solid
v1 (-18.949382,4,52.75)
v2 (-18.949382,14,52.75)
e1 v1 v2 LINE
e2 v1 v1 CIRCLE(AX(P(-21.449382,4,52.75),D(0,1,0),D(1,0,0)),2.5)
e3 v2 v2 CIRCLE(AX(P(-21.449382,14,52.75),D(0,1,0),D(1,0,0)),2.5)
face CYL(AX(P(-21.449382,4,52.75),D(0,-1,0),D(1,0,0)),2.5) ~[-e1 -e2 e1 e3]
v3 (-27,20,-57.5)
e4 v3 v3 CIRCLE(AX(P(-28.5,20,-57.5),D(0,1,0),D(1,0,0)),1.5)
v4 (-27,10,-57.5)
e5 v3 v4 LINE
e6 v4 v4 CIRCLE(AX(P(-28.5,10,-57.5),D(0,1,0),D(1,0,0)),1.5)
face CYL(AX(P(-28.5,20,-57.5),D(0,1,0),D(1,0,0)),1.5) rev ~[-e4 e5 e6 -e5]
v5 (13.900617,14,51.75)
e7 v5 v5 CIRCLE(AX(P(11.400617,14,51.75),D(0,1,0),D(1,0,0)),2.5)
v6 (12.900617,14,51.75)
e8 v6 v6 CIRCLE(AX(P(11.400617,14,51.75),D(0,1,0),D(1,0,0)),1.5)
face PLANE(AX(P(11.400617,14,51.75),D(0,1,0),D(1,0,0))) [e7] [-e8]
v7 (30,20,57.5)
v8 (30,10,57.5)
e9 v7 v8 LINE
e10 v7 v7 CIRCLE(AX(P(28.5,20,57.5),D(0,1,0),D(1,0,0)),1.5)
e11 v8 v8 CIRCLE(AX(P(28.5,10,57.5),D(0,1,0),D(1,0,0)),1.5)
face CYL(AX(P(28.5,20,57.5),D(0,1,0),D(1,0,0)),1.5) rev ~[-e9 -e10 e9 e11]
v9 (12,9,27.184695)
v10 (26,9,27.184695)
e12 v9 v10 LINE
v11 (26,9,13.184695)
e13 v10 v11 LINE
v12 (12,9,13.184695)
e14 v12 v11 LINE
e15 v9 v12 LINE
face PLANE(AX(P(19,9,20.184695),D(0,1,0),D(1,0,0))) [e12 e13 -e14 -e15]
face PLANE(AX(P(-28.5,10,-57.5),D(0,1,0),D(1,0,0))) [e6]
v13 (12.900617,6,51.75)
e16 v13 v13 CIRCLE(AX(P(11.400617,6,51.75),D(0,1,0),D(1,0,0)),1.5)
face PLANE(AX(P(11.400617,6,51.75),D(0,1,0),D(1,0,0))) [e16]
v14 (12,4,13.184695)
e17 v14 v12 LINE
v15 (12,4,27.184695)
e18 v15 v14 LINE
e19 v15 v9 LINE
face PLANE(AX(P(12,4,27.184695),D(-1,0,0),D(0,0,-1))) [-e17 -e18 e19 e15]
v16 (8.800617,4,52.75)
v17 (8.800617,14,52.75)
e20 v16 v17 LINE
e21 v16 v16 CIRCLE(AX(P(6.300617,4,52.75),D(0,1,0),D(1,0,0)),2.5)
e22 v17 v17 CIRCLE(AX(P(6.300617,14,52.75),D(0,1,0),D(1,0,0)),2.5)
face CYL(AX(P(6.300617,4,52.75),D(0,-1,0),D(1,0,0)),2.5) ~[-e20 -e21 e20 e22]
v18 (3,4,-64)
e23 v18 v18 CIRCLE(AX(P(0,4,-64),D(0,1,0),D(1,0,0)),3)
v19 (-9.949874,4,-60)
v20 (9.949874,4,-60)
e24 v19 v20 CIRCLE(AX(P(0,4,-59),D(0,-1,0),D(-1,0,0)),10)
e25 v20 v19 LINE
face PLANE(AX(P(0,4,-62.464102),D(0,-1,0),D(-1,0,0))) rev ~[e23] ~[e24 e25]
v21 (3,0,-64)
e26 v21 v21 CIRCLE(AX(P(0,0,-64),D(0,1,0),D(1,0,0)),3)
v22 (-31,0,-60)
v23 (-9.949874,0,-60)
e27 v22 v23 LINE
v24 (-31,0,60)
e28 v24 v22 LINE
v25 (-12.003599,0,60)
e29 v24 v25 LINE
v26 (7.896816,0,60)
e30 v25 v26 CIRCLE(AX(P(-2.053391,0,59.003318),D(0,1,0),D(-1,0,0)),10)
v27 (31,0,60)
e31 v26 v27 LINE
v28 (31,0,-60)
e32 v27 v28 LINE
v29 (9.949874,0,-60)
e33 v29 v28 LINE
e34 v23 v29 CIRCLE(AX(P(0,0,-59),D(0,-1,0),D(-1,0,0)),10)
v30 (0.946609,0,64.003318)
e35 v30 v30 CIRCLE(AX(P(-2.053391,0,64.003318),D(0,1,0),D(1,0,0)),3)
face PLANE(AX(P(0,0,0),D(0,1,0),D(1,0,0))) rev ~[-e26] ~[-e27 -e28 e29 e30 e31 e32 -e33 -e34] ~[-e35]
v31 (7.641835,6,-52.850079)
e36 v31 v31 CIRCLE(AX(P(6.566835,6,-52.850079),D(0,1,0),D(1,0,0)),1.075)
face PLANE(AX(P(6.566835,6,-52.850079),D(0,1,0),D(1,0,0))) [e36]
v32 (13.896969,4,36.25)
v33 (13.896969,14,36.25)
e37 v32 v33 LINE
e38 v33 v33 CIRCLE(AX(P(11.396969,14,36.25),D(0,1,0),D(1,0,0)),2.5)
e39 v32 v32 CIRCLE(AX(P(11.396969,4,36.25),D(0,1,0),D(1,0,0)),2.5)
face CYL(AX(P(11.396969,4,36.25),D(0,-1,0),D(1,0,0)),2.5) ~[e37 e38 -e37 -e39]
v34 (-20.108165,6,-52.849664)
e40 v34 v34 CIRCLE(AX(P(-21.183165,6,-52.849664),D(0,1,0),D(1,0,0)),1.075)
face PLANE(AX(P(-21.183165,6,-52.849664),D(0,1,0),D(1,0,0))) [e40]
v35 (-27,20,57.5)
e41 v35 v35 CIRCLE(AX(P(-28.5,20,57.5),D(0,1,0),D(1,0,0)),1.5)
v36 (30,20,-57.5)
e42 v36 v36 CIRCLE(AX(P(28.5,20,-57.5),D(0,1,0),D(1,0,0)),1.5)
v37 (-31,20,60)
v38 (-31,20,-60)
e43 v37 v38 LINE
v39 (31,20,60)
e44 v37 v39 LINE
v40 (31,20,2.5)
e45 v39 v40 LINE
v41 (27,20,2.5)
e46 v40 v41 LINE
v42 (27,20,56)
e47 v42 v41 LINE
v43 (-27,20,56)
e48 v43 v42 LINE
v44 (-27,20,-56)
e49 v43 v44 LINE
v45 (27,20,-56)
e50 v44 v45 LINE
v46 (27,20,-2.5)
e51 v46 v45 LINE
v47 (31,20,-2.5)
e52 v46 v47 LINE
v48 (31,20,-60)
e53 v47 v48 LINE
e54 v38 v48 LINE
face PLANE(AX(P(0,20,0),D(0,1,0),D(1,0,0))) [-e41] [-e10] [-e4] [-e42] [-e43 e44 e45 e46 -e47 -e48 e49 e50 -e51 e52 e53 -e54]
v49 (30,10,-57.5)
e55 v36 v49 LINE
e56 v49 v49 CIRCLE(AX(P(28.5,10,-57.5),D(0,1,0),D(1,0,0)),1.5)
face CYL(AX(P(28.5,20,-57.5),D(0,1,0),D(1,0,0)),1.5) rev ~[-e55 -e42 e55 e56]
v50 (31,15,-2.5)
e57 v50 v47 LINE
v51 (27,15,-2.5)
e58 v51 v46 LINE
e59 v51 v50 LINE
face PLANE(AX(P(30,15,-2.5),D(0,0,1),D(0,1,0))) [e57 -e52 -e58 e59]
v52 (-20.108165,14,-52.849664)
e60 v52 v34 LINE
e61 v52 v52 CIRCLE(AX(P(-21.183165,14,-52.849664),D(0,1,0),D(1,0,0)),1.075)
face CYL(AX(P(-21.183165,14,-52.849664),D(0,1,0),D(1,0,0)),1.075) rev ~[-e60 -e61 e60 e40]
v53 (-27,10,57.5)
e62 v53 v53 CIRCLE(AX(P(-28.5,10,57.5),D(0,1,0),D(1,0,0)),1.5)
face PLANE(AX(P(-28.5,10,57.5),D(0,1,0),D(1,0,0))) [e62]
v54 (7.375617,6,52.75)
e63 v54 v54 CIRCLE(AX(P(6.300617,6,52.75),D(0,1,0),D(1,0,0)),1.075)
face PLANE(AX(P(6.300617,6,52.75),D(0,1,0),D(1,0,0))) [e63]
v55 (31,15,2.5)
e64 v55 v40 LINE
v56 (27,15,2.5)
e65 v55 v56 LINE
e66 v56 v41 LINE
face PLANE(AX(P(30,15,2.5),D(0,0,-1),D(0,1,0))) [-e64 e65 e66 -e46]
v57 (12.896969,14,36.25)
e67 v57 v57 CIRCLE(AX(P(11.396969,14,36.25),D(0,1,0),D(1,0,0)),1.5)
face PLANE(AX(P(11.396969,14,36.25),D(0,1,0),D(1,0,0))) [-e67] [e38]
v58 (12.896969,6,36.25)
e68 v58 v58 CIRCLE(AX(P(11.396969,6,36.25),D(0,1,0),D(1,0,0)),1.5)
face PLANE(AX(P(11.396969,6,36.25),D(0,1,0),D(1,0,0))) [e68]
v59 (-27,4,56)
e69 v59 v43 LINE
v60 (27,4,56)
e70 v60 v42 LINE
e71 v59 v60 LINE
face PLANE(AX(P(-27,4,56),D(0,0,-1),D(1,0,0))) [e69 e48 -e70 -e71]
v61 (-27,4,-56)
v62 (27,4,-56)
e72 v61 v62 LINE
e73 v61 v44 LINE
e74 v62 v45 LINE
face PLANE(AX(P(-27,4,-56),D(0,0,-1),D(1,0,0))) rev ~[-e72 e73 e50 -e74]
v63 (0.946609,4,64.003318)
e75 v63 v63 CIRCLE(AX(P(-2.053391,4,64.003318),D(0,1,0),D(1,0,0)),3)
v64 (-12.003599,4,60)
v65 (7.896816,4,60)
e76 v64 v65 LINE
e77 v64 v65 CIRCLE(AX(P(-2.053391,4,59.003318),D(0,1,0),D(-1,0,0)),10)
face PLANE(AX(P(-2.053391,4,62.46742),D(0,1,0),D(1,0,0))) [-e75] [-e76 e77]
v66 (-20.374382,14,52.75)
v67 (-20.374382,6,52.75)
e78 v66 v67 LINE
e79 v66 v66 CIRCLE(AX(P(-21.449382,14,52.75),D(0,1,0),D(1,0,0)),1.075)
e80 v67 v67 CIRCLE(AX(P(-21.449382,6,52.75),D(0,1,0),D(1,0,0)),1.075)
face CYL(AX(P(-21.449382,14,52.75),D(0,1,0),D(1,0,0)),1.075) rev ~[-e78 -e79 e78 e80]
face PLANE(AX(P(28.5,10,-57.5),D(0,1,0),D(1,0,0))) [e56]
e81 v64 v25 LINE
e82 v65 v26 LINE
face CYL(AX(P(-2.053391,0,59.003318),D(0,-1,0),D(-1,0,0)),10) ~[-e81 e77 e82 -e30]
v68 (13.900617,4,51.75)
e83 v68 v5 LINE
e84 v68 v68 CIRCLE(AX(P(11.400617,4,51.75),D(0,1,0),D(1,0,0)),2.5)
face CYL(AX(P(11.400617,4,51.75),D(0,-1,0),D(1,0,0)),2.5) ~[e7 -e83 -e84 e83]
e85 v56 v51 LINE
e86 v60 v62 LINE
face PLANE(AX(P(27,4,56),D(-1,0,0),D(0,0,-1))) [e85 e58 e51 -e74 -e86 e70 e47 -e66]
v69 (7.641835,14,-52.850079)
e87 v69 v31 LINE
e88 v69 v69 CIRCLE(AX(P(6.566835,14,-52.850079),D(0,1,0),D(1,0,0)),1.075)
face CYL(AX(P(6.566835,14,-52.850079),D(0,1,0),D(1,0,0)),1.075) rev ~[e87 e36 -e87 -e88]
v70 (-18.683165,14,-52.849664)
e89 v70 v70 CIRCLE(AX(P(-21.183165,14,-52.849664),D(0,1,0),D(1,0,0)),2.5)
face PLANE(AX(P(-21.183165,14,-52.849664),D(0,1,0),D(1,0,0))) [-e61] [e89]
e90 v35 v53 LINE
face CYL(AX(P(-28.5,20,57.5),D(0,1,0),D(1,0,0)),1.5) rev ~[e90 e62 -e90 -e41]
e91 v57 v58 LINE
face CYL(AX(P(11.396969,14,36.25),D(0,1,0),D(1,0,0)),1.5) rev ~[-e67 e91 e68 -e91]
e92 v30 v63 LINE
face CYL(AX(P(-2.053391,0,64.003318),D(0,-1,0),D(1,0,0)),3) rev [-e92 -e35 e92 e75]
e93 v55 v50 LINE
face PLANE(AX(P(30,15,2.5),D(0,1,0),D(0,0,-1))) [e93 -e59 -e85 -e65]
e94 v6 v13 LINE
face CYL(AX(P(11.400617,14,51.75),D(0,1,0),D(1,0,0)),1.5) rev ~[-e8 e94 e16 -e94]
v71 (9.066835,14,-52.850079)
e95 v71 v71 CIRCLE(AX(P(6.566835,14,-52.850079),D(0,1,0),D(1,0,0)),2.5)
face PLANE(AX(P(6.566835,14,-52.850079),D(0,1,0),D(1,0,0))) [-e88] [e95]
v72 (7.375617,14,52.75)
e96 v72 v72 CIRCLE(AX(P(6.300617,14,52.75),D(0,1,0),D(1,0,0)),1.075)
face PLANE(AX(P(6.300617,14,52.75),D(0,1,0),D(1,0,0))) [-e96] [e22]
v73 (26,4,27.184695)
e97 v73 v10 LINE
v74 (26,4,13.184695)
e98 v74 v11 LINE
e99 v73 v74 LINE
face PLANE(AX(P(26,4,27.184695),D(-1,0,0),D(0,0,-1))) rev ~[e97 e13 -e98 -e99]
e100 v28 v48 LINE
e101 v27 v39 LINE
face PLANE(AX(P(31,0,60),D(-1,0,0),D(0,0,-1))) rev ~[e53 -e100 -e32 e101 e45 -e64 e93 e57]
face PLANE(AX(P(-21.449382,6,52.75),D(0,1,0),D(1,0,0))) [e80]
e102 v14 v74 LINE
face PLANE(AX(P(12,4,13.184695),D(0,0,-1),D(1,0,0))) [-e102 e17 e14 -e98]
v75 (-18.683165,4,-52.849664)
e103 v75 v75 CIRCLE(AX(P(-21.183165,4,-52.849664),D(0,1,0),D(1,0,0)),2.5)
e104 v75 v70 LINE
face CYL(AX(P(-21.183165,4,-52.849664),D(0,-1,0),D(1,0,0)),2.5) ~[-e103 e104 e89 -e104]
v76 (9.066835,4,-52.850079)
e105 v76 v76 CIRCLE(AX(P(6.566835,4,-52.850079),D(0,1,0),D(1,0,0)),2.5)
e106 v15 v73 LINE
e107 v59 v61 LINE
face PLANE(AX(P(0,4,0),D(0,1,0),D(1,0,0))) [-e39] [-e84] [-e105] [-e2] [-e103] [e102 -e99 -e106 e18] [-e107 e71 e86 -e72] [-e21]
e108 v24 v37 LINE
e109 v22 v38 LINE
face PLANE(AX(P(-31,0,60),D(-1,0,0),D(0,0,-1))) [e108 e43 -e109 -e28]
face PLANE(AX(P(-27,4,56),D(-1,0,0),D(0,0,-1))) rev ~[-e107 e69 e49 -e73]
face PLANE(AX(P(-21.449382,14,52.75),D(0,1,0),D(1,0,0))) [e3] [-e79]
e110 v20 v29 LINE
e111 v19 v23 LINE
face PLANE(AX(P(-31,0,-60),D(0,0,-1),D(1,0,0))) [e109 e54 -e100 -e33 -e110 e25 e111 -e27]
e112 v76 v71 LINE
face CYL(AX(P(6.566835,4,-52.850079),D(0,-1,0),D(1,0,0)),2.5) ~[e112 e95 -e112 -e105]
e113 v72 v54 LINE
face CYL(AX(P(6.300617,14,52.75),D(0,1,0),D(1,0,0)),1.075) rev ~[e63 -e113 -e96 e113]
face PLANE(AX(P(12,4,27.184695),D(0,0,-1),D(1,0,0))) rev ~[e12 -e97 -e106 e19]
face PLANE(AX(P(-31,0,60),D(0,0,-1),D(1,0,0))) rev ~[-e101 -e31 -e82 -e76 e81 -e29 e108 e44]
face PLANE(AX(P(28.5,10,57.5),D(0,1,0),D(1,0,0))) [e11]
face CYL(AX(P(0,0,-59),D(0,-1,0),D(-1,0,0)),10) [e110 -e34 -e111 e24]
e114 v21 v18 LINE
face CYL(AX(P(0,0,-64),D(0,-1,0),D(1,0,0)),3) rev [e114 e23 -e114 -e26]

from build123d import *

# Parameters (mm, degrees)
SKETCH1_W                      = 60
SKETCH1_H                      = 118
BOSS_EXTRUDE1_DEPTH            = 4
SKETCH2_R                      = 2.5
BOSS_EXTRUDE2_DEPTH            = 10
SKETCH3_R                      = 1.075
SKETCH3_R_2                    = 1.5
CUT_EXTRUDE1_DEPTH             = 8
SKETCH4_W                      = 14
SKETCH4_H                      = 14
BOSS_EXTRUDE3_DEPTH            = 5
SKETCH5_W                      = 60
SKETCH5_H                      = 118
SKETCH5_W_2                    = 54
SKETCH5_H_2                    = 112
BOSS_EXTRUDE4_DEPTH            = 16
SKETCH10_W                     = 62
SKETCH10_H                     = 120
SKETCH10_W_2                   = 60
SKETCH10_H_2                   = 118
BOSS_EXTRUDE7_DEPTH            = 20
SKETCH6_R                      = 1.5
CUT_EXTRUDE2_DEPTH             = 10
CUT_EXTRUDE3_REACH             = 63
SKETCH7_W                      = 5
SKETCH7_H                      = 10
CUT_EXTRUDE3_DIRECTION_2_DEPTH = 10
SKETCH8_R                      = 3
BOSS_EXTRUDE5_DEPTH            = 4


with BuildPart() as part:
    # Sketch1 → Boss-Extrude1 (new body)
    with BuildSketch(Plane(origin=(0, 0, 0), x_dir=(1, 0, 0), z_dir=(0, 1, 0))):
        Rectangle(SKETCH1_W, SKETCH1_H)
    extrude(amount=BOSS_EXTRUDE1_DEPTH)

    # Sketch2 → Boss-Extrude2 (add)
    with BuildSketch(Plane(origin=(0, 4, 0), x_dir=(1, 0, 0), z_dir=(0, 1, 0))):
        with Locations((-21.18316549, 52.849664436)):
            Circle(SKETCH2_R)
        with Locations((6.566834506, 52.850079416)):
            Circle(SKETCH2_R)
        with Locations((-21.449381738, -52.75)):
            Circle(SKETCH2_R)
        with Locations((6.300617416, -52.75)):
            Circle(SKETCH2_R)
        with Locations((11.396968897, -36.250000429)):
            Circle(SKETCH2_R)
        with Locations((11.400617416, -51.75)):
            Circle(SKETCH2_R)
    extrude(amount=BOSS_EXTRUDE2_DEPTH)

    # Sketch3 → Cut-Extrude1 (cut)
    with BuildSketch(Plane(origin=(0, 14, 0), x_dir=(1, 0, 0), z_dir=(0, 1, 0))):
        with Locations((-21.18316549, 52.849664436)):
            Circle(SKETCH3_R)
        with Locations((6.566834506, 52.850079416)):
            Circle(SKETCH3_R)
        with Locations((11.396968897, -36.250000429)):
            Circle(SKETCH3_R_2)
        with Locations((11.400617416, -51.75)):
            Circle(SKETCH3_R_2)
        with Locations((6.300617416, -52.75)):
            Circle(SKETCH3_R)
        with Locations((-21.449381738, -52.75)):
            Circle(SKETCH3_R)
    extrude(amount=-CUT_EXTRUDE1_DEPTH, mode=Mode.SUBTRACT)

    # Sketch4 → Boss-Extrude3 (add)
    with BuildSketch(Plane(origin=(0, 4, 0), x_dir=(1, 0, 0), z_dir=(0, 1, 0))):
        with Locations((19, -20.184694787)):
            Rectangle(SKETCH4_W, SKETCH4_H)
    extrude(amount=BOSS_EXTRUDE3_DEPTH)

    # Sketch5 → Boss-Extrude4 (add)
    with BuildSketch(Plane(origin=(0, 4, 0), x_dir=(1, 0, 0), z_dir=(0, 1, 0))):
        Rectangle(SKETCH5_W, SKETCH5_H)
        Rectangle(SKETCH5_W_2, SKETCH5_H_2, mode=Mode.SUBTRACT)
    extrude(amount=BOSS_EXTRUDE4_DEPTH)

    # Sketch10 → Boss-Extrude7 (add)
    with BuildSketch(Plane(origin=(0, 0, 0), x_dir=(1, 0, 0), z_dir=(0, 1, 0))):
        Rectangle(SKETCH10_W, SKETCH10_H)
        Rectangle(SKETCH10_W_2, SKETCH10_H_2, mode=Mode.SUBTRACT)
    extrude(amount=BOSS_EXTRUDE7_DEPTH)

    # Sketch6 → Cut-Extrude2 (cut)
    with BuildSketch(Plane(origin=(0, 20, 0), x_dir=(1, 0, 0), z_dir=(0, 1, 0))):
        with Locations((-28.5, 57.5)):
            Circle(SKETCH6_R)
        with Locations((28.5, 57.5)):
            Circle(SKETCH6_R)
        with Locations((-28.5, -57.5)):
            Circle(SKETCH6_R)
        with Locations((28.5, -57.5)):
            Circle(SKETCH6_R)
    extrude(amount=-CUT_EXTRUDE2_DEPTH, mode=Mode.SUBTRACT)

    # Sketch7 → Cut-Extrude3 (cut, up to next)
    with BuildSketch(Plane(origin=(30, 0, 0), x_dir=(0, 0, -1), z_dir=(1, 0, 0)), mode=Mode.PRIVATE) as cut_extrude3_sk1:
        with Locations((0, 20)):
            Rectangle(SKETCH7_W, SKETCH7_H)
    cut_extrude3_tool1 = extrude(cut_extrude3_sk1.sketch, amount=-CUT_EXTRUDE3_REACH, mode=Mode.PRIVATE) & part.part
    add(cut_extrude3_tool1.solids().sort_by_distance((30, 20, 0))[0], mode=Mode.SUBTRACT)

    # Sketch7 → Cut-Extrude3 direction 2 (cut)
    with BuildSketch(Plane(origin=(30, 0, 0), x_dir=(0, 0, -1), z_dir=(1, 0, 0))):
        with Locations((0, 20)):
            Rectangle(SKETCH7_W, SKETCH7_H)
    extrude(amount=CUT_EXTRUDE3_DIRECTION_2_DEPTH, mode=Mode.SUBTRACT)

    # Sketch8 → Boss-Extrude5 (add)
    with BuildSketch(Plane(origin=(0, 0, 0), x_dir=(1, 0, 0), z_dir=(0, 1, 0))):
        with BuildLine():
            Line((10, 59), (-10, 59))
            ThreePointArc((-10, 59), (0, 69), (10, 59))
        make_face()
        with Locations((0, 64)):
            Circle(SKETCH8_R, mode=Mode.SUBTRACT)
        with BuildLine():
            Line((7.946608606, -59.003318261), (-12.053391394, -59.003318261))
            ThreePointArc((-12.053391394, -59.003318261), (-2.053391394, -69.003318261), (7.946608606, -59.003318261))
        make_face()
        with Locations((-2.053391394, -64.003318261)):
            Circle(SKETCH8_R, mode=Mode.SUBTRACT)
    extrude(amount=BOSS_EXTRUDE5_DEPTH)


solid = part.part
